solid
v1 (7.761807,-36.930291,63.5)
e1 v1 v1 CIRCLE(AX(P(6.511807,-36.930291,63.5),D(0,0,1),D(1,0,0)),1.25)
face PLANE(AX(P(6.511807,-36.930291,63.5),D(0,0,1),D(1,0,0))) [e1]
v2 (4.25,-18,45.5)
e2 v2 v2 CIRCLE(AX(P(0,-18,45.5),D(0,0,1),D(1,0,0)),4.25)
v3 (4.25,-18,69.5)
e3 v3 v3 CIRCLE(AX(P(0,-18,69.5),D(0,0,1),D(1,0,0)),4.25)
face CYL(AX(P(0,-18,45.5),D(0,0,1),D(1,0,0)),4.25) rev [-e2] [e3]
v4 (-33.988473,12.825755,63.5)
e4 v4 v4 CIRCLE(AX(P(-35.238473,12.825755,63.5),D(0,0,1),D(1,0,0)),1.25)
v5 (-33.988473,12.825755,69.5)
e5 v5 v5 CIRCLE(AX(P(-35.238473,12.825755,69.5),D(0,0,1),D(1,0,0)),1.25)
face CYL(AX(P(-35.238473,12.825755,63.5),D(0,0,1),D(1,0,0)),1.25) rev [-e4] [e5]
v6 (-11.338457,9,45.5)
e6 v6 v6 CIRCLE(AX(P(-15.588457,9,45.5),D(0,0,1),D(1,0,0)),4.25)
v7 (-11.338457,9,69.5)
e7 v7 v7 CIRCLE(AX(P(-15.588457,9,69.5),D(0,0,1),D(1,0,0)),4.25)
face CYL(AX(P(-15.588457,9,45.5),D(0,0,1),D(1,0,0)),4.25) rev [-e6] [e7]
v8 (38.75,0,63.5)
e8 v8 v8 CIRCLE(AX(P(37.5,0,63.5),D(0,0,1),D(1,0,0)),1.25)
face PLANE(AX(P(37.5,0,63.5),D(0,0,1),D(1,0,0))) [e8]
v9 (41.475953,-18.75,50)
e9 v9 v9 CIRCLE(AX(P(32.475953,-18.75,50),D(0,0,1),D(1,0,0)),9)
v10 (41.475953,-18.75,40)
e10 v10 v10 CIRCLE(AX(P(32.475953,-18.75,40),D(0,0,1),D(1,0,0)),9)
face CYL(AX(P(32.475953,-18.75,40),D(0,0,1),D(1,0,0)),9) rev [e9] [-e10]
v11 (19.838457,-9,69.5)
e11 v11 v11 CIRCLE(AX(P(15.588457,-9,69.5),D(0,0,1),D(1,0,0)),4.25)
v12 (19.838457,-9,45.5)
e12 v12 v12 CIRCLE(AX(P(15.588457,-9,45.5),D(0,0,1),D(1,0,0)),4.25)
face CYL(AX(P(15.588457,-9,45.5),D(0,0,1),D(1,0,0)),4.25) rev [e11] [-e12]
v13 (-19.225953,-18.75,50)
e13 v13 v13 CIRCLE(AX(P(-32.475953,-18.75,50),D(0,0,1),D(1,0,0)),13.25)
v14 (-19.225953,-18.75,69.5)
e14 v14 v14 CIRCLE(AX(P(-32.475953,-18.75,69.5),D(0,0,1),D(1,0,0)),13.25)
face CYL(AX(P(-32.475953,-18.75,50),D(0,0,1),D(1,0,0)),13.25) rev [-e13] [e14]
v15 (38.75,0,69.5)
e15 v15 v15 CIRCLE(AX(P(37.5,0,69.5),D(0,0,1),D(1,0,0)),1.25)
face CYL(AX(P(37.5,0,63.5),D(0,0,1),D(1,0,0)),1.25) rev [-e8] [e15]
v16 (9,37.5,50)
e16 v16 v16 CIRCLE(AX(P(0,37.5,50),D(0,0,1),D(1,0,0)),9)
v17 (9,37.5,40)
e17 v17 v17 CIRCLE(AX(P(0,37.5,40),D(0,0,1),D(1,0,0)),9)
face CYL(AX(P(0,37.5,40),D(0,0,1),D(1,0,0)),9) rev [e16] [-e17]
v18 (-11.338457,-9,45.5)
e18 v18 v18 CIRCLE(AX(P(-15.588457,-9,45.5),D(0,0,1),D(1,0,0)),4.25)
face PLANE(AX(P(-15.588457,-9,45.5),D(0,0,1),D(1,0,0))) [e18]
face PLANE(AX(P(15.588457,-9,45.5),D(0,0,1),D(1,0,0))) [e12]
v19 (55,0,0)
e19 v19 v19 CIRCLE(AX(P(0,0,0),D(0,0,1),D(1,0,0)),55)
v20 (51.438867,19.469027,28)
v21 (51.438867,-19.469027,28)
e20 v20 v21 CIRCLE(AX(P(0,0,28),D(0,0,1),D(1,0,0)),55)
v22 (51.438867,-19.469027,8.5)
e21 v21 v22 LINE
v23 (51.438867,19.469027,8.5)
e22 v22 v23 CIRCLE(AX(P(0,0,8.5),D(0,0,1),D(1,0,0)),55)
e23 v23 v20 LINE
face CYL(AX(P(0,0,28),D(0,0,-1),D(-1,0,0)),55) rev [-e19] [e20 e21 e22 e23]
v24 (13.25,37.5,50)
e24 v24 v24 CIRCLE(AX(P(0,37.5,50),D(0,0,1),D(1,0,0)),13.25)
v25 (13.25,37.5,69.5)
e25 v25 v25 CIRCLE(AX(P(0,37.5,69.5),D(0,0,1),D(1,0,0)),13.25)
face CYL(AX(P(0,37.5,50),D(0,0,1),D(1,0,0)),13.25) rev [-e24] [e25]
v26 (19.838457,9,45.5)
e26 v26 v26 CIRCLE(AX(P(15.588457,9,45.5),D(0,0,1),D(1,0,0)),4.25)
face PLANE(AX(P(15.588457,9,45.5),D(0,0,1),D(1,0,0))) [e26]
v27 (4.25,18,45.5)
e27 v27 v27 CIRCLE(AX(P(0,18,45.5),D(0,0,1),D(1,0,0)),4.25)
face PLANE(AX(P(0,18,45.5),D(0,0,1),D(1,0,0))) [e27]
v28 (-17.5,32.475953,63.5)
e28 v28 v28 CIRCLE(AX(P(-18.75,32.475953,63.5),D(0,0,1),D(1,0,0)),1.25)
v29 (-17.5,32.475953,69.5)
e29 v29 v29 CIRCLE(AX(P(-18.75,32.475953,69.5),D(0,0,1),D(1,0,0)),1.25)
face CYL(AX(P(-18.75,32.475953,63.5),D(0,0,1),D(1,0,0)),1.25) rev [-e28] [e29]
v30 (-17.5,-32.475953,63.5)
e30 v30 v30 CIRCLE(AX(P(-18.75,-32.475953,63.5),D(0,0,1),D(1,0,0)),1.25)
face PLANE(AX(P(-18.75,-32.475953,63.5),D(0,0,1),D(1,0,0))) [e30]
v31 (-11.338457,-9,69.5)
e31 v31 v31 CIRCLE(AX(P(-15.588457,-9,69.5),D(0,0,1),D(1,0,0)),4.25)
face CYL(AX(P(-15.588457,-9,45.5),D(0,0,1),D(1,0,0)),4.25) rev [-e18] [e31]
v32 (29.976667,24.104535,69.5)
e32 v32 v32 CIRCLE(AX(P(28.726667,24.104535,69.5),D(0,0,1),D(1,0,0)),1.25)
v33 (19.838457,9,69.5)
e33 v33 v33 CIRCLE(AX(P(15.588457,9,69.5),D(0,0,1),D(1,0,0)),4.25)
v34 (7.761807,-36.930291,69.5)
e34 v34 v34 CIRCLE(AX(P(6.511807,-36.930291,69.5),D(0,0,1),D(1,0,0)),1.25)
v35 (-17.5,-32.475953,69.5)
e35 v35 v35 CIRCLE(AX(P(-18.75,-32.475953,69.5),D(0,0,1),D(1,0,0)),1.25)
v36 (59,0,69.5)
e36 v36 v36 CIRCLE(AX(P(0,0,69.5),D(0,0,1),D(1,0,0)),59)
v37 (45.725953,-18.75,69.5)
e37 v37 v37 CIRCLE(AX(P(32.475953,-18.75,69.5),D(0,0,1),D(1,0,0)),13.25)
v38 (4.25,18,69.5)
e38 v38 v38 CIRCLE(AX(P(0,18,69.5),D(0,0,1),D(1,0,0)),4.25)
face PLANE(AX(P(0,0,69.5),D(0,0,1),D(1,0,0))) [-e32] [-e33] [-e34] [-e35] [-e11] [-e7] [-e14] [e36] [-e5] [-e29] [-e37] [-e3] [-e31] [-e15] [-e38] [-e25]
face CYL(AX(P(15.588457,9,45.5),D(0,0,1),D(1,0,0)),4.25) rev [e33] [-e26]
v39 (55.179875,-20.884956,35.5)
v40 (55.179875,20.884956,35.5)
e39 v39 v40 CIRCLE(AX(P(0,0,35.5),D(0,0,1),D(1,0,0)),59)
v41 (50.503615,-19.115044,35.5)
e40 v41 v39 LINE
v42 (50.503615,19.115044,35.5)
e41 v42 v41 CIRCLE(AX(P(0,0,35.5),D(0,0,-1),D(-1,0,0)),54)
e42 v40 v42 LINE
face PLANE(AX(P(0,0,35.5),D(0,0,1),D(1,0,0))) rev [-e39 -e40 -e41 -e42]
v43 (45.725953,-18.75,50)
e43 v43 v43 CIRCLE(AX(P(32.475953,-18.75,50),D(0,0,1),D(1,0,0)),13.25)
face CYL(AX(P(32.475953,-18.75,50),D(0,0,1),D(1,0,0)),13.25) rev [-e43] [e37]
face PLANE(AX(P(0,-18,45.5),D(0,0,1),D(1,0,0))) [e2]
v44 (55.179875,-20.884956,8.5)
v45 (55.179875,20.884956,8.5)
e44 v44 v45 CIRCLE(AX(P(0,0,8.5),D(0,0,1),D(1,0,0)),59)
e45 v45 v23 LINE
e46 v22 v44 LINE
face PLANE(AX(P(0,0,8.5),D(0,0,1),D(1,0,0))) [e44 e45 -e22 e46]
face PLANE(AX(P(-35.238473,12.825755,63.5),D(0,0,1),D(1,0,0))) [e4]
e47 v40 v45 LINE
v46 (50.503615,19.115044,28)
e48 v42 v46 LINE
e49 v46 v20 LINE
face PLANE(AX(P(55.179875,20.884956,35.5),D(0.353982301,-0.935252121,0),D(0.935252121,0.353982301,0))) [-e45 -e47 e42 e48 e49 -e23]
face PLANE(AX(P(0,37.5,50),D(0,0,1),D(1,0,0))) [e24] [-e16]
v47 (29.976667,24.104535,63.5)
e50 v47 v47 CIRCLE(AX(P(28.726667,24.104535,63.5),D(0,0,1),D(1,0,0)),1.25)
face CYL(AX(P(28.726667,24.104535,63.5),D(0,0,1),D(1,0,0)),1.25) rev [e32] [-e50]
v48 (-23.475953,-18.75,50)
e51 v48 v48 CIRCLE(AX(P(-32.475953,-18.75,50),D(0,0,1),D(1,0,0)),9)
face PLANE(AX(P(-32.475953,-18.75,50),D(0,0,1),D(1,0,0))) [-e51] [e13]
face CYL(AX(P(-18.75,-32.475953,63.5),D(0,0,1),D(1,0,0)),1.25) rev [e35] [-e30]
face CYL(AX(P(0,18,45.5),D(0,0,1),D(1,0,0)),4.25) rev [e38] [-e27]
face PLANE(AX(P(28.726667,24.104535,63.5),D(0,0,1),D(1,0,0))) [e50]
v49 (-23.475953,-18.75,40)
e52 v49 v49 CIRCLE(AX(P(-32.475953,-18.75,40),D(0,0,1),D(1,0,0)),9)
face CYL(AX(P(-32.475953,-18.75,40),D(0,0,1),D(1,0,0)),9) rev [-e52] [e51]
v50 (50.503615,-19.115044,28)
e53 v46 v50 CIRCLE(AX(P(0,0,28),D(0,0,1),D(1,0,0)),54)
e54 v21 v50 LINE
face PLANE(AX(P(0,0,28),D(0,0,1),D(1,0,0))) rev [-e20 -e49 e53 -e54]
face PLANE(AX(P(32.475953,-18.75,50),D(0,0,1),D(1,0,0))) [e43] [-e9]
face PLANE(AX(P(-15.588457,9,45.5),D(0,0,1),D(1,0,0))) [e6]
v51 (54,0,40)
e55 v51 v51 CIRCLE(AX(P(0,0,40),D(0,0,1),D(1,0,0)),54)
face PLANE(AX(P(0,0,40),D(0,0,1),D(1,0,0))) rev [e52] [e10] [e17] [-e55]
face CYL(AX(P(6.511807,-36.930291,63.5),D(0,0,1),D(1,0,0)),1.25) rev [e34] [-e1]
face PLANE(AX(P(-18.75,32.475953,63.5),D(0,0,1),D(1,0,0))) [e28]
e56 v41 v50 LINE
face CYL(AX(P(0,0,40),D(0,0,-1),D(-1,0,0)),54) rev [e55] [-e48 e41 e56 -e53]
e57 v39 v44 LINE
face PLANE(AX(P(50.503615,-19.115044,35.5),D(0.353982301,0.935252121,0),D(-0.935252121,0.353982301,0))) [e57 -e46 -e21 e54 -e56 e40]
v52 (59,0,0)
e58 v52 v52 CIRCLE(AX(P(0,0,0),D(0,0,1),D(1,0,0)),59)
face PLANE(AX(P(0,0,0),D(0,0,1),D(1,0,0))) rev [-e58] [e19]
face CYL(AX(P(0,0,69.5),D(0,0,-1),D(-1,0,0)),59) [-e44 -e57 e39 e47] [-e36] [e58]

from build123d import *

# Parameters (mm, degrees)
SKETCH_1_R               = 59
F_01_BODY_D118_DEPTH     = 69.5
SKETCH_2_R               = 55
F_02_BORE_D110_DEPTH     = 28
SKETCH_3_R               = 54
F_03_BORE_D108_DEPTH     = 12
SKETCH_4_R               = 4.25
F_04_HOLES_6_D8_5_DEPTH  = 24
SKETCH_5_R               = 13.25
F_05_LOBES_3_D26_5_DEPTH = 19.5
SKETCH_6_R               = 9
F_06_THRU_3_D18_DEPTH    = 10
F_07_WINDOW_27X40_DEPTH  = 27
SKETCH_8_R               = 1.25
F_08_TAP_9_M3_DEPTH      = 6


with BuildPart() as part:
    # 草图1 → 01_BODY_D118 (new body)
    with BuildSketch(Plane.XY):
        Circle(SKETCH_1_R)
    extrude(amount=F_01_BODY_D118_DEPTH)

    # 草图2 → 02_BORE_D110 (cut)
    with BuildSketch(Plane.XY):
        Circle(SKETCH_2_R)
    extrude(amount=F_02_BORE_D110_DEPTH, mode=Mode.SUBTRACT)

    # 草图3 → 03_BORE_D108 (cut)
    with BuildSketch(Plane.XY.offset(28)):
        Circle(SKETCH_3_R)
    extrude(amount=F_03_BORE_D108_DEPTH, mode=Mode.SUBTRACT)

    # 草图4 → 04_HOLES_6_D8.5 (cut)
    with BuildSketch(Plane.XY.offset(69.5)):
        with Locations((15.588457268, 9)):
            Circle(SKETCH_4_R)
        with Locations((0, 18)):
            Circle(SKETCH_4_R)
        with Locations((-15.588457268, 9)):
            Circle(SKETCH_4_R)
        with Locations((-15.588457268, -9)):
            Circle(SKETCH_4_R)
        with Locations((0, -18)):
            Circle(SKETCH_4_R)
        with Locations((15.588457268, -9)):
            Circle(SKETCH_4_R)
    extrude(amount=-F_04_HOLES_6_D8_5_DEPTH, mode=Mode.SUBTRACT)

    # 草图5 → 05_LOBES_3_D26.5 (cut)
    with BuildSketch(Plane.XY.offset(69.5)):
        with Locations((0, 37.5)):
            Circle(SKETCH_5_R)
        with Locations((-32.475952642, -18.75)):
            Circle(SKETCH_5_R)
        with Locations((32.475952642, -18.75)):
            Circle(SKETCH_5_R)
    extrude(amount=-F_05_LOBES_3_D26_5_DEPTH, mode=Mode.SUBTRACT)

    # 草图6 → 06_THRU_3_D18 (cut)
    with BuildSketch(Plane.XY.offset(50)):
        with Locations((0, 37.5)):
            Circle(SKETCH_6_R)
        with Locations((-32.475952642, -18.75)):
            Circle(SKETCH_6_R)
        with Locations((32.475952642, -18.75)):
            Circle(SKETCH_6_R)
    extrude(amount=-F_06_THRU_3_D18_DEPTH, mode=Mode.SUBTRACT)

    # 草图7 → 07_WINDOW_27X40 (cut)
    with BuildSketch(Plane.XY.offset(8.5)):
        with BuildLine():
            Line((55.179875165, 20.884955752), (50.503614558, 19.115044248))
            ThreePointArc((50.503614558, 19.115044248), (54, 0), (50.503614558, -19.115044248))
            Line((50.503614558, -19.115044248), (55.179875165, -20.884955752))
            ThreePointArc((55.179875165, -20.884955752), (59, 0), (55.179875165, 20.884955752))
        make_face()
    extrude(amount=F_07_WINDOW_27X40_DEPTH, mode=Mode.SUBTRACT)

    # 草图8 → 08_TAP_9_M3 (cut)
    with BuildSketch(Plane.XY.offset(69.5)):
        with Locations((-18.75, 32.475952642)):
            Circle(SKETCH_8_R)
        with Locations((-35.238473279, 12.825755375)):
            Circle(SKETCH_8_R)
        with Locations((-35.238473279, -12.825755375)):
            Circle(SKETCH_8_R)
        with Locations((-18.75, -32.475952642)):
            Circle(SKETCH_8_R)
        with Locations((6.511806663, -36.930290738)):
            Circle(SKETCH_8_R)
        with Locations((28.726666617, -24.104535363)):
            Circle(SKETCH_8_R)
        with Locations((37.5, 0)):
            Circle(SKETCH_8_R)
        with Locations((28.726666617, 24.104535363)):
            Circle(SKETCH_8_R)
        with Locations((6.511806663, 36.930290738)):
            Circle(SKETCH_8_R)
    extrude(amount=-F_08_TAP_9_M3_DEPTH, mode=Mode.SUBTRACT)


solid = part.part
